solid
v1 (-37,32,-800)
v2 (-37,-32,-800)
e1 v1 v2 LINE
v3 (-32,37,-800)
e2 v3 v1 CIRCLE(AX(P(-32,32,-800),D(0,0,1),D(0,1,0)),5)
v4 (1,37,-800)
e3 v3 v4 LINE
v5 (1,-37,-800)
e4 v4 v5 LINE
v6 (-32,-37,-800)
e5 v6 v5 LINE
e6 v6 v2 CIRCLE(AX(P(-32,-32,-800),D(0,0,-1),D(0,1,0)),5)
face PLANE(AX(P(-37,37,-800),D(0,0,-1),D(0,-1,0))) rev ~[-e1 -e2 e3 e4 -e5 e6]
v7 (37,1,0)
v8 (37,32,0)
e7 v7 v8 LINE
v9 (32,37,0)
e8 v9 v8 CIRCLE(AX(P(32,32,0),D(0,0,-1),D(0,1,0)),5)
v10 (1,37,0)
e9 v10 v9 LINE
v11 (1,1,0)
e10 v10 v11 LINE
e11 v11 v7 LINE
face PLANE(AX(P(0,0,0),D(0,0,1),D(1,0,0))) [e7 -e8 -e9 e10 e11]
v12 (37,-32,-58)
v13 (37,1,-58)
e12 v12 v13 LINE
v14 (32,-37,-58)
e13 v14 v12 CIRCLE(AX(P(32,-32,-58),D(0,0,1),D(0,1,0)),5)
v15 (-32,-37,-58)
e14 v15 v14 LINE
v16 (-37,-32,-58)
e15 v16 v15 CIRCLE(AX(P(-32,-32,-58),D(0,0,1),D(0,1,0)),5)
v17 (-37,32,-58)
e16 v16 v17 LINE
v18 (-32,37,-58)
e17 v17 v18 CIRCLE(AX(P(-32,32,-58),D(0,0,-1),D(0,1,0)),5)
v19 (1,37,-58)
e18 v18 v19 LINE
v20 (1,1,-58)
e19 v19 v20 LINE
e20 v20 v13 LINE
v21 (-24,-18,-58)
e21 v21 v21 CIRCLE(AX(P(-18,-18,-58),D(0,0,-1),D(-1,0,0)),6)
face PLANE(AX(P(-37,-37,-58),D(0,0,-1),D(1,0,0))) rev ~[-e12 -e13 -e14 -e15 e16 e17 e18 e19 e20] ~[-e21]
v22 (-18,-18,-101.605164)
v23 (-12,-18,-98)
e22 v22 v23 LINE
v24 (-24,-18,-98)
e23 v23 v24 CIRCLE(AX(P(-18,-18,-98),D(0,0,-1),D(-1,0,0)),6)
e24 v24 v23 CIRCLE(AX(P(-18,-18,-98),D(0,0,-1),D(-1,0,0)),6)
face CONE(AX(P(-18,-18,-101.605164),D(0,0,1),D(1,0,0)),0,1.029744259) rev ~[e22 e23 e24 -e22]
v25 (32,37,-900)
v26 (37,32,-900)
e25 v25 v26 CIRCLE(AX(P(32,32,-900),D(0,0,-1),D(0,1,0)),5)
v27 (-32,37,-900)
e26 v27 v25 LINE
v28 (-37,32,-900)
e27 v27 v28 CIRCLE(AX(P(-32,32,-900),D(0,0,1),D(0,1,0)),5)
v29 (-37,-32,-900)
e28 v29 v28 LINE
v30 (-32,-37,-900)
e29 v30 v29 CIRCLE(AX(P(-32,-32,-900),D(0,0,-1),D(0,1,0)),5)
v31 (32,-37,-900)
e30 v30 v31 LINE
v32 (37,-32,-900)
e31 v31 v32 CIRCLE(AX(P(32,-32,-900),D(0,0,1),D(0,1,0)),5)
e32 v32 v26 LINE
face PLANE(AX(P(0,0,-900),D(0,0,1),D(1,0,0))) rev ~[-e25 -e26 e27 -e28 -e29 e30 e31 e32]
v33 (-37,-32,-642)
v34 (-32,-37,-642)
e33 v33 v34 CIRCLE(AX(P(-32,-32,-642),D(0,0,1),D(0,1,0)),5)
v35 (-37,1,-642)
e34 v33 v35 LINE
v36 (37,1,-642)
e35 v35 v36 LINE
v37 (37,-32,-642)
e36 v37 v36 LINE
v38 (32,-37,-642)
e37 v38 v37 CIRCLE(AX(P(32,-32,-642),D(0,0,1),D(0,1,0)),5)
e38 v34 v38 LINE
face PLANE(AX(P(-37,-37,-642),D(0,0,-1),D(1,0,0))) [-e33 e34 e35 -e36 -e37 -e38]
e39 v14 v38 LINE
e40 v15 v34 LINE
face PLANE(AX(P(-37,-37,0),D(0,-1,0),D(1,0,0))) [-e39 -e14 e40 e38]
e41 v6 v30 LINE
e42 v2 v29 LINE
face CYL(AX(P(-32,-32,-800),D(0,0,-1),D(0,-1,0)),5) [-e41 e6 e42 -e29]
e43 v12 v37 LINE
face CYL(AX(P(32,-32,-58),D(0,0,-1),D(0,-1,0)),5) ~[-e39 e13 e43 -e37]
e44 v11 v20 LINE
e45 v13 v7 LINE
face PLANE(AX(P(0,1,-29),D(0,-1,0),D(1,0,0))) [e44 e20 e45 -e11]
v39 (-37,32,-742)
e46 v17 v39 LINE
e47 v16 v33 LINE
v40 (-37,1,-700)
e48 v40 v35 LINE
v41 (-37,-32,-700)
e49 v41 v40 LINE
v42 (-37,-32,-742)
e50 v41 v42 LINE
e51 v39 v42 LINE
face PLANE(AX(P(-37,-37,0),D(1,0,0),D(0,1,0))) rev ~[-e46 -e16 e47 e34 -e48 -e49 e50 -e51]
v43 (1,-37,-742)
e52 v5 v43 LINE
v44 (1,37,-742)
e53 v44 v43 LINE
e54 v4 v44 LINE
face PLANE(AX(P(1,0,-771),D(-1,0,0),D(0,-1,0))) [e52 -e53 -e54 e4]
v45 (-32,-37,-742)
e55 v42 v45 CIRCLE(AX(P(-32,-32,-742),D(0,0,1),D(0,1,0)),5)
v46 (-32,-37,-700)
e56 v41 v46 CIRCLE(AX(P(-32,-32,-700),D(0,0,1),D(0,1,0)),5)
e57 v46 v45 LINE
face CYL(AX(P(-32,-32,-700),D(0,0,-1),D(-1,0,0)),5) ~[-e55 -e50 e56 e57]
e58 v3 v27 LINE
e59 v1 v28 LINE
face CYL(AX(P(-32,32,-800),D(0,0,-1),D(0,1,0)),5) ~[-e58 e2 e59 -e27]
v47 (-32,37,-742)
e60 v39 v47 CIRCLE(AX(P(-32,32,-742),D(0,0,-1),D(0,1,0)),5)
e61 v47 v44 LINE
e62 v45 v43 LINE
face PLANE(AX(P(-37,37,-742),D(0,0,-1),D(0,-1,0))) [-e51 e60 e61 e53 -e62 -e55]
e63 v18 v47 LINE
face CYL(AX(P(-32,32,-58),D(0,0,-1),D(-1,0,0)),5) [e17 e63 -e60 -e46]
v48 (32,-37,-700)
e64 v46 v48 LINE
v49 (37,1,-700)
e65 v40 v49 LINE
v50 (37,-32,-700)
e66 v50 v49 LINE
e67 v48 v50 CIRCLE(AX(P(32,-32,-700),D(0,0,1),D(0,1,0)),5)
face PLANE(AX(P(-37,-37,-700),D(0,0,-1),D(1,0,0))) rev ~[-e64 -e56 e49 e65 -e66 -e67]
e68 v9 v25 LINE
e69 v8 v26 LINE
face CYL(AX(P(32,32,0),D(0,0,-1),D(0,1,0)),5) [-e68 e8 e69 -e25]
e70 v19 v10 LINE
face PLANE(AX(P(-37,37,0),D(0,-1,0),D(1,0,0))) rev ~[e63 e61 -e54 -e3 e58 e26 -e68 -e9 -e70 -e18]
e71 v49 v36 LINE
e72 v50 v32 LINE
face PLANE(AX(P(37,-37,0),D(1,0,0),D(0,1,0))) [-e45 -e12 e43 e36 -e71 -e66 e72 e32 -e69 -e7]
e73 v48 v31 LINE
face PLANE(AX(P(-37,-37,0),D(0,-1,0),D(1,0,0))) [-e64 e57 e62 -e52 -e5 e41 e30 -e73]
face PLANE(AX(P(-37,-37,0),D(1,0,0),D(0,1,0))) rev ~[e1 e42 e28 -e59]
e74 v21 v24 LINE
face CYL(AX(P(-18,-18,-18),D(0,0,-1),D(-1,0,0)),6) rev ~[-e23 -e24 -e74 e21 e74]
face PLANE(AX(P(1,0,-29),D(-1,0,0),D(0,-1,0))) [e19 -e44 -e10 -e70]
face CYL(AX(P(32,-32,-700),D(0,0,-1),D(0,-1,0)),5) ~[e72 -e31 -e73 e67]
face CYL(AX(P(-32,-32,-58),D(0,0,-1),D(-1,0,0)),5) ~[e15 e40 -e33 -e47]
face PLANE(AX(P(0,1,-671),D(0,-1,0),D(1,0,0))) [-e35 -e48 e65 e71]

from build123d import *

# Parameters (mm, degrees)
F0_W      = 74
F0_H      = 74
F1_DEPTH  = 900
F2_W      = 74
F2_H      = 58
F4_DEPTH  = 38
F3_W      = 74
F3_H      = 58
F5_DEPTH  = 38
F7_D      = 12
F7_DEPTH  = 40
F7_TIP    = 3.6051637142
F8_W      = 74
F8_H      = 58
F9_DEPTH  = 38
F10_W     = 74
F10_H     = 58
F11_DEPTH = 38
F12_R     = 5


with BuildPart() as f1:
    # F0 (on Top) → F1 (new body)
    with BuildSketch(Plane.XY):
        Rectangle(F0_W, F0_H)
    extrude(amount=-F1_DEPTH)

    # F2 (on face) → F4 (cut)
    with BuildSketch(Plane.XZ.offset(37)):
        with Locations((0, -29)):
            Rectangle(F2_W, F2_H)
    extrude(amount=-F4_DEPTH, mode=Mode.SUBTRACT)

    # F3 (on face) → F5 (cut)
    with BuildSketch(Plane(origin=(-37, 0, 0), x_dir=(0, -1, 0), z_dir=(-1, 0, 0))):
        with Locations((0, -29)):
            Rectangle(F3_W, F3_H)
    extrude(amount=-F5_DEPTH, mode=Mode.SUBTRACT)

    # F7
    with Locations(Plane.XY.offset(-58)):
        with Locations((-18, -18)):
            Hole(F7_D / 2, depth=F7_DEPTH)
            with Locations((0, 0, -(F7_DEPTH + F7_TIP / 2))):  # 118° drill point
                Cone(0, F7_D / 2, F7_TIP, mode=Mode.SUBTRACT)

    # F8 (on face) → F9 (cut)
    with BuildSketch(Plane(origin=(-37, 0, 0), x_dir=(0, -1, 0), z_dir=(-1, 0, 0))):
        with Locations((0, -771)):
            Rectangle(F8_W, F8_H)
    extrude(amount=-F9_DEPTH, mode=Mode.SUBTRACT)

    # F10 (on face) → F11 (cut)
    with BuildSketch(Plane.XZ.offset(37)):
        with Locations((0, -671)):
            Rectangle(F10_W, F10_H)
    extrude(amount=-F11_DEPTH, mode=Mode.SUBTRACT)

    # F12
    f12_edges = [f1.edges().sort_by_distance(p)[0] for p in [
        (-37, -37, -850),
        (-37, -37, -721),
        (-37, -37, -350),
        (-37, 37, -400),
        (-37, 37, -850),
        (37, -37, -800),
        (37, -37, -350),
        (37, 37, -450),
    ]]
    fillet(f12_edges, radius=F12_R)


solid = f1.part
